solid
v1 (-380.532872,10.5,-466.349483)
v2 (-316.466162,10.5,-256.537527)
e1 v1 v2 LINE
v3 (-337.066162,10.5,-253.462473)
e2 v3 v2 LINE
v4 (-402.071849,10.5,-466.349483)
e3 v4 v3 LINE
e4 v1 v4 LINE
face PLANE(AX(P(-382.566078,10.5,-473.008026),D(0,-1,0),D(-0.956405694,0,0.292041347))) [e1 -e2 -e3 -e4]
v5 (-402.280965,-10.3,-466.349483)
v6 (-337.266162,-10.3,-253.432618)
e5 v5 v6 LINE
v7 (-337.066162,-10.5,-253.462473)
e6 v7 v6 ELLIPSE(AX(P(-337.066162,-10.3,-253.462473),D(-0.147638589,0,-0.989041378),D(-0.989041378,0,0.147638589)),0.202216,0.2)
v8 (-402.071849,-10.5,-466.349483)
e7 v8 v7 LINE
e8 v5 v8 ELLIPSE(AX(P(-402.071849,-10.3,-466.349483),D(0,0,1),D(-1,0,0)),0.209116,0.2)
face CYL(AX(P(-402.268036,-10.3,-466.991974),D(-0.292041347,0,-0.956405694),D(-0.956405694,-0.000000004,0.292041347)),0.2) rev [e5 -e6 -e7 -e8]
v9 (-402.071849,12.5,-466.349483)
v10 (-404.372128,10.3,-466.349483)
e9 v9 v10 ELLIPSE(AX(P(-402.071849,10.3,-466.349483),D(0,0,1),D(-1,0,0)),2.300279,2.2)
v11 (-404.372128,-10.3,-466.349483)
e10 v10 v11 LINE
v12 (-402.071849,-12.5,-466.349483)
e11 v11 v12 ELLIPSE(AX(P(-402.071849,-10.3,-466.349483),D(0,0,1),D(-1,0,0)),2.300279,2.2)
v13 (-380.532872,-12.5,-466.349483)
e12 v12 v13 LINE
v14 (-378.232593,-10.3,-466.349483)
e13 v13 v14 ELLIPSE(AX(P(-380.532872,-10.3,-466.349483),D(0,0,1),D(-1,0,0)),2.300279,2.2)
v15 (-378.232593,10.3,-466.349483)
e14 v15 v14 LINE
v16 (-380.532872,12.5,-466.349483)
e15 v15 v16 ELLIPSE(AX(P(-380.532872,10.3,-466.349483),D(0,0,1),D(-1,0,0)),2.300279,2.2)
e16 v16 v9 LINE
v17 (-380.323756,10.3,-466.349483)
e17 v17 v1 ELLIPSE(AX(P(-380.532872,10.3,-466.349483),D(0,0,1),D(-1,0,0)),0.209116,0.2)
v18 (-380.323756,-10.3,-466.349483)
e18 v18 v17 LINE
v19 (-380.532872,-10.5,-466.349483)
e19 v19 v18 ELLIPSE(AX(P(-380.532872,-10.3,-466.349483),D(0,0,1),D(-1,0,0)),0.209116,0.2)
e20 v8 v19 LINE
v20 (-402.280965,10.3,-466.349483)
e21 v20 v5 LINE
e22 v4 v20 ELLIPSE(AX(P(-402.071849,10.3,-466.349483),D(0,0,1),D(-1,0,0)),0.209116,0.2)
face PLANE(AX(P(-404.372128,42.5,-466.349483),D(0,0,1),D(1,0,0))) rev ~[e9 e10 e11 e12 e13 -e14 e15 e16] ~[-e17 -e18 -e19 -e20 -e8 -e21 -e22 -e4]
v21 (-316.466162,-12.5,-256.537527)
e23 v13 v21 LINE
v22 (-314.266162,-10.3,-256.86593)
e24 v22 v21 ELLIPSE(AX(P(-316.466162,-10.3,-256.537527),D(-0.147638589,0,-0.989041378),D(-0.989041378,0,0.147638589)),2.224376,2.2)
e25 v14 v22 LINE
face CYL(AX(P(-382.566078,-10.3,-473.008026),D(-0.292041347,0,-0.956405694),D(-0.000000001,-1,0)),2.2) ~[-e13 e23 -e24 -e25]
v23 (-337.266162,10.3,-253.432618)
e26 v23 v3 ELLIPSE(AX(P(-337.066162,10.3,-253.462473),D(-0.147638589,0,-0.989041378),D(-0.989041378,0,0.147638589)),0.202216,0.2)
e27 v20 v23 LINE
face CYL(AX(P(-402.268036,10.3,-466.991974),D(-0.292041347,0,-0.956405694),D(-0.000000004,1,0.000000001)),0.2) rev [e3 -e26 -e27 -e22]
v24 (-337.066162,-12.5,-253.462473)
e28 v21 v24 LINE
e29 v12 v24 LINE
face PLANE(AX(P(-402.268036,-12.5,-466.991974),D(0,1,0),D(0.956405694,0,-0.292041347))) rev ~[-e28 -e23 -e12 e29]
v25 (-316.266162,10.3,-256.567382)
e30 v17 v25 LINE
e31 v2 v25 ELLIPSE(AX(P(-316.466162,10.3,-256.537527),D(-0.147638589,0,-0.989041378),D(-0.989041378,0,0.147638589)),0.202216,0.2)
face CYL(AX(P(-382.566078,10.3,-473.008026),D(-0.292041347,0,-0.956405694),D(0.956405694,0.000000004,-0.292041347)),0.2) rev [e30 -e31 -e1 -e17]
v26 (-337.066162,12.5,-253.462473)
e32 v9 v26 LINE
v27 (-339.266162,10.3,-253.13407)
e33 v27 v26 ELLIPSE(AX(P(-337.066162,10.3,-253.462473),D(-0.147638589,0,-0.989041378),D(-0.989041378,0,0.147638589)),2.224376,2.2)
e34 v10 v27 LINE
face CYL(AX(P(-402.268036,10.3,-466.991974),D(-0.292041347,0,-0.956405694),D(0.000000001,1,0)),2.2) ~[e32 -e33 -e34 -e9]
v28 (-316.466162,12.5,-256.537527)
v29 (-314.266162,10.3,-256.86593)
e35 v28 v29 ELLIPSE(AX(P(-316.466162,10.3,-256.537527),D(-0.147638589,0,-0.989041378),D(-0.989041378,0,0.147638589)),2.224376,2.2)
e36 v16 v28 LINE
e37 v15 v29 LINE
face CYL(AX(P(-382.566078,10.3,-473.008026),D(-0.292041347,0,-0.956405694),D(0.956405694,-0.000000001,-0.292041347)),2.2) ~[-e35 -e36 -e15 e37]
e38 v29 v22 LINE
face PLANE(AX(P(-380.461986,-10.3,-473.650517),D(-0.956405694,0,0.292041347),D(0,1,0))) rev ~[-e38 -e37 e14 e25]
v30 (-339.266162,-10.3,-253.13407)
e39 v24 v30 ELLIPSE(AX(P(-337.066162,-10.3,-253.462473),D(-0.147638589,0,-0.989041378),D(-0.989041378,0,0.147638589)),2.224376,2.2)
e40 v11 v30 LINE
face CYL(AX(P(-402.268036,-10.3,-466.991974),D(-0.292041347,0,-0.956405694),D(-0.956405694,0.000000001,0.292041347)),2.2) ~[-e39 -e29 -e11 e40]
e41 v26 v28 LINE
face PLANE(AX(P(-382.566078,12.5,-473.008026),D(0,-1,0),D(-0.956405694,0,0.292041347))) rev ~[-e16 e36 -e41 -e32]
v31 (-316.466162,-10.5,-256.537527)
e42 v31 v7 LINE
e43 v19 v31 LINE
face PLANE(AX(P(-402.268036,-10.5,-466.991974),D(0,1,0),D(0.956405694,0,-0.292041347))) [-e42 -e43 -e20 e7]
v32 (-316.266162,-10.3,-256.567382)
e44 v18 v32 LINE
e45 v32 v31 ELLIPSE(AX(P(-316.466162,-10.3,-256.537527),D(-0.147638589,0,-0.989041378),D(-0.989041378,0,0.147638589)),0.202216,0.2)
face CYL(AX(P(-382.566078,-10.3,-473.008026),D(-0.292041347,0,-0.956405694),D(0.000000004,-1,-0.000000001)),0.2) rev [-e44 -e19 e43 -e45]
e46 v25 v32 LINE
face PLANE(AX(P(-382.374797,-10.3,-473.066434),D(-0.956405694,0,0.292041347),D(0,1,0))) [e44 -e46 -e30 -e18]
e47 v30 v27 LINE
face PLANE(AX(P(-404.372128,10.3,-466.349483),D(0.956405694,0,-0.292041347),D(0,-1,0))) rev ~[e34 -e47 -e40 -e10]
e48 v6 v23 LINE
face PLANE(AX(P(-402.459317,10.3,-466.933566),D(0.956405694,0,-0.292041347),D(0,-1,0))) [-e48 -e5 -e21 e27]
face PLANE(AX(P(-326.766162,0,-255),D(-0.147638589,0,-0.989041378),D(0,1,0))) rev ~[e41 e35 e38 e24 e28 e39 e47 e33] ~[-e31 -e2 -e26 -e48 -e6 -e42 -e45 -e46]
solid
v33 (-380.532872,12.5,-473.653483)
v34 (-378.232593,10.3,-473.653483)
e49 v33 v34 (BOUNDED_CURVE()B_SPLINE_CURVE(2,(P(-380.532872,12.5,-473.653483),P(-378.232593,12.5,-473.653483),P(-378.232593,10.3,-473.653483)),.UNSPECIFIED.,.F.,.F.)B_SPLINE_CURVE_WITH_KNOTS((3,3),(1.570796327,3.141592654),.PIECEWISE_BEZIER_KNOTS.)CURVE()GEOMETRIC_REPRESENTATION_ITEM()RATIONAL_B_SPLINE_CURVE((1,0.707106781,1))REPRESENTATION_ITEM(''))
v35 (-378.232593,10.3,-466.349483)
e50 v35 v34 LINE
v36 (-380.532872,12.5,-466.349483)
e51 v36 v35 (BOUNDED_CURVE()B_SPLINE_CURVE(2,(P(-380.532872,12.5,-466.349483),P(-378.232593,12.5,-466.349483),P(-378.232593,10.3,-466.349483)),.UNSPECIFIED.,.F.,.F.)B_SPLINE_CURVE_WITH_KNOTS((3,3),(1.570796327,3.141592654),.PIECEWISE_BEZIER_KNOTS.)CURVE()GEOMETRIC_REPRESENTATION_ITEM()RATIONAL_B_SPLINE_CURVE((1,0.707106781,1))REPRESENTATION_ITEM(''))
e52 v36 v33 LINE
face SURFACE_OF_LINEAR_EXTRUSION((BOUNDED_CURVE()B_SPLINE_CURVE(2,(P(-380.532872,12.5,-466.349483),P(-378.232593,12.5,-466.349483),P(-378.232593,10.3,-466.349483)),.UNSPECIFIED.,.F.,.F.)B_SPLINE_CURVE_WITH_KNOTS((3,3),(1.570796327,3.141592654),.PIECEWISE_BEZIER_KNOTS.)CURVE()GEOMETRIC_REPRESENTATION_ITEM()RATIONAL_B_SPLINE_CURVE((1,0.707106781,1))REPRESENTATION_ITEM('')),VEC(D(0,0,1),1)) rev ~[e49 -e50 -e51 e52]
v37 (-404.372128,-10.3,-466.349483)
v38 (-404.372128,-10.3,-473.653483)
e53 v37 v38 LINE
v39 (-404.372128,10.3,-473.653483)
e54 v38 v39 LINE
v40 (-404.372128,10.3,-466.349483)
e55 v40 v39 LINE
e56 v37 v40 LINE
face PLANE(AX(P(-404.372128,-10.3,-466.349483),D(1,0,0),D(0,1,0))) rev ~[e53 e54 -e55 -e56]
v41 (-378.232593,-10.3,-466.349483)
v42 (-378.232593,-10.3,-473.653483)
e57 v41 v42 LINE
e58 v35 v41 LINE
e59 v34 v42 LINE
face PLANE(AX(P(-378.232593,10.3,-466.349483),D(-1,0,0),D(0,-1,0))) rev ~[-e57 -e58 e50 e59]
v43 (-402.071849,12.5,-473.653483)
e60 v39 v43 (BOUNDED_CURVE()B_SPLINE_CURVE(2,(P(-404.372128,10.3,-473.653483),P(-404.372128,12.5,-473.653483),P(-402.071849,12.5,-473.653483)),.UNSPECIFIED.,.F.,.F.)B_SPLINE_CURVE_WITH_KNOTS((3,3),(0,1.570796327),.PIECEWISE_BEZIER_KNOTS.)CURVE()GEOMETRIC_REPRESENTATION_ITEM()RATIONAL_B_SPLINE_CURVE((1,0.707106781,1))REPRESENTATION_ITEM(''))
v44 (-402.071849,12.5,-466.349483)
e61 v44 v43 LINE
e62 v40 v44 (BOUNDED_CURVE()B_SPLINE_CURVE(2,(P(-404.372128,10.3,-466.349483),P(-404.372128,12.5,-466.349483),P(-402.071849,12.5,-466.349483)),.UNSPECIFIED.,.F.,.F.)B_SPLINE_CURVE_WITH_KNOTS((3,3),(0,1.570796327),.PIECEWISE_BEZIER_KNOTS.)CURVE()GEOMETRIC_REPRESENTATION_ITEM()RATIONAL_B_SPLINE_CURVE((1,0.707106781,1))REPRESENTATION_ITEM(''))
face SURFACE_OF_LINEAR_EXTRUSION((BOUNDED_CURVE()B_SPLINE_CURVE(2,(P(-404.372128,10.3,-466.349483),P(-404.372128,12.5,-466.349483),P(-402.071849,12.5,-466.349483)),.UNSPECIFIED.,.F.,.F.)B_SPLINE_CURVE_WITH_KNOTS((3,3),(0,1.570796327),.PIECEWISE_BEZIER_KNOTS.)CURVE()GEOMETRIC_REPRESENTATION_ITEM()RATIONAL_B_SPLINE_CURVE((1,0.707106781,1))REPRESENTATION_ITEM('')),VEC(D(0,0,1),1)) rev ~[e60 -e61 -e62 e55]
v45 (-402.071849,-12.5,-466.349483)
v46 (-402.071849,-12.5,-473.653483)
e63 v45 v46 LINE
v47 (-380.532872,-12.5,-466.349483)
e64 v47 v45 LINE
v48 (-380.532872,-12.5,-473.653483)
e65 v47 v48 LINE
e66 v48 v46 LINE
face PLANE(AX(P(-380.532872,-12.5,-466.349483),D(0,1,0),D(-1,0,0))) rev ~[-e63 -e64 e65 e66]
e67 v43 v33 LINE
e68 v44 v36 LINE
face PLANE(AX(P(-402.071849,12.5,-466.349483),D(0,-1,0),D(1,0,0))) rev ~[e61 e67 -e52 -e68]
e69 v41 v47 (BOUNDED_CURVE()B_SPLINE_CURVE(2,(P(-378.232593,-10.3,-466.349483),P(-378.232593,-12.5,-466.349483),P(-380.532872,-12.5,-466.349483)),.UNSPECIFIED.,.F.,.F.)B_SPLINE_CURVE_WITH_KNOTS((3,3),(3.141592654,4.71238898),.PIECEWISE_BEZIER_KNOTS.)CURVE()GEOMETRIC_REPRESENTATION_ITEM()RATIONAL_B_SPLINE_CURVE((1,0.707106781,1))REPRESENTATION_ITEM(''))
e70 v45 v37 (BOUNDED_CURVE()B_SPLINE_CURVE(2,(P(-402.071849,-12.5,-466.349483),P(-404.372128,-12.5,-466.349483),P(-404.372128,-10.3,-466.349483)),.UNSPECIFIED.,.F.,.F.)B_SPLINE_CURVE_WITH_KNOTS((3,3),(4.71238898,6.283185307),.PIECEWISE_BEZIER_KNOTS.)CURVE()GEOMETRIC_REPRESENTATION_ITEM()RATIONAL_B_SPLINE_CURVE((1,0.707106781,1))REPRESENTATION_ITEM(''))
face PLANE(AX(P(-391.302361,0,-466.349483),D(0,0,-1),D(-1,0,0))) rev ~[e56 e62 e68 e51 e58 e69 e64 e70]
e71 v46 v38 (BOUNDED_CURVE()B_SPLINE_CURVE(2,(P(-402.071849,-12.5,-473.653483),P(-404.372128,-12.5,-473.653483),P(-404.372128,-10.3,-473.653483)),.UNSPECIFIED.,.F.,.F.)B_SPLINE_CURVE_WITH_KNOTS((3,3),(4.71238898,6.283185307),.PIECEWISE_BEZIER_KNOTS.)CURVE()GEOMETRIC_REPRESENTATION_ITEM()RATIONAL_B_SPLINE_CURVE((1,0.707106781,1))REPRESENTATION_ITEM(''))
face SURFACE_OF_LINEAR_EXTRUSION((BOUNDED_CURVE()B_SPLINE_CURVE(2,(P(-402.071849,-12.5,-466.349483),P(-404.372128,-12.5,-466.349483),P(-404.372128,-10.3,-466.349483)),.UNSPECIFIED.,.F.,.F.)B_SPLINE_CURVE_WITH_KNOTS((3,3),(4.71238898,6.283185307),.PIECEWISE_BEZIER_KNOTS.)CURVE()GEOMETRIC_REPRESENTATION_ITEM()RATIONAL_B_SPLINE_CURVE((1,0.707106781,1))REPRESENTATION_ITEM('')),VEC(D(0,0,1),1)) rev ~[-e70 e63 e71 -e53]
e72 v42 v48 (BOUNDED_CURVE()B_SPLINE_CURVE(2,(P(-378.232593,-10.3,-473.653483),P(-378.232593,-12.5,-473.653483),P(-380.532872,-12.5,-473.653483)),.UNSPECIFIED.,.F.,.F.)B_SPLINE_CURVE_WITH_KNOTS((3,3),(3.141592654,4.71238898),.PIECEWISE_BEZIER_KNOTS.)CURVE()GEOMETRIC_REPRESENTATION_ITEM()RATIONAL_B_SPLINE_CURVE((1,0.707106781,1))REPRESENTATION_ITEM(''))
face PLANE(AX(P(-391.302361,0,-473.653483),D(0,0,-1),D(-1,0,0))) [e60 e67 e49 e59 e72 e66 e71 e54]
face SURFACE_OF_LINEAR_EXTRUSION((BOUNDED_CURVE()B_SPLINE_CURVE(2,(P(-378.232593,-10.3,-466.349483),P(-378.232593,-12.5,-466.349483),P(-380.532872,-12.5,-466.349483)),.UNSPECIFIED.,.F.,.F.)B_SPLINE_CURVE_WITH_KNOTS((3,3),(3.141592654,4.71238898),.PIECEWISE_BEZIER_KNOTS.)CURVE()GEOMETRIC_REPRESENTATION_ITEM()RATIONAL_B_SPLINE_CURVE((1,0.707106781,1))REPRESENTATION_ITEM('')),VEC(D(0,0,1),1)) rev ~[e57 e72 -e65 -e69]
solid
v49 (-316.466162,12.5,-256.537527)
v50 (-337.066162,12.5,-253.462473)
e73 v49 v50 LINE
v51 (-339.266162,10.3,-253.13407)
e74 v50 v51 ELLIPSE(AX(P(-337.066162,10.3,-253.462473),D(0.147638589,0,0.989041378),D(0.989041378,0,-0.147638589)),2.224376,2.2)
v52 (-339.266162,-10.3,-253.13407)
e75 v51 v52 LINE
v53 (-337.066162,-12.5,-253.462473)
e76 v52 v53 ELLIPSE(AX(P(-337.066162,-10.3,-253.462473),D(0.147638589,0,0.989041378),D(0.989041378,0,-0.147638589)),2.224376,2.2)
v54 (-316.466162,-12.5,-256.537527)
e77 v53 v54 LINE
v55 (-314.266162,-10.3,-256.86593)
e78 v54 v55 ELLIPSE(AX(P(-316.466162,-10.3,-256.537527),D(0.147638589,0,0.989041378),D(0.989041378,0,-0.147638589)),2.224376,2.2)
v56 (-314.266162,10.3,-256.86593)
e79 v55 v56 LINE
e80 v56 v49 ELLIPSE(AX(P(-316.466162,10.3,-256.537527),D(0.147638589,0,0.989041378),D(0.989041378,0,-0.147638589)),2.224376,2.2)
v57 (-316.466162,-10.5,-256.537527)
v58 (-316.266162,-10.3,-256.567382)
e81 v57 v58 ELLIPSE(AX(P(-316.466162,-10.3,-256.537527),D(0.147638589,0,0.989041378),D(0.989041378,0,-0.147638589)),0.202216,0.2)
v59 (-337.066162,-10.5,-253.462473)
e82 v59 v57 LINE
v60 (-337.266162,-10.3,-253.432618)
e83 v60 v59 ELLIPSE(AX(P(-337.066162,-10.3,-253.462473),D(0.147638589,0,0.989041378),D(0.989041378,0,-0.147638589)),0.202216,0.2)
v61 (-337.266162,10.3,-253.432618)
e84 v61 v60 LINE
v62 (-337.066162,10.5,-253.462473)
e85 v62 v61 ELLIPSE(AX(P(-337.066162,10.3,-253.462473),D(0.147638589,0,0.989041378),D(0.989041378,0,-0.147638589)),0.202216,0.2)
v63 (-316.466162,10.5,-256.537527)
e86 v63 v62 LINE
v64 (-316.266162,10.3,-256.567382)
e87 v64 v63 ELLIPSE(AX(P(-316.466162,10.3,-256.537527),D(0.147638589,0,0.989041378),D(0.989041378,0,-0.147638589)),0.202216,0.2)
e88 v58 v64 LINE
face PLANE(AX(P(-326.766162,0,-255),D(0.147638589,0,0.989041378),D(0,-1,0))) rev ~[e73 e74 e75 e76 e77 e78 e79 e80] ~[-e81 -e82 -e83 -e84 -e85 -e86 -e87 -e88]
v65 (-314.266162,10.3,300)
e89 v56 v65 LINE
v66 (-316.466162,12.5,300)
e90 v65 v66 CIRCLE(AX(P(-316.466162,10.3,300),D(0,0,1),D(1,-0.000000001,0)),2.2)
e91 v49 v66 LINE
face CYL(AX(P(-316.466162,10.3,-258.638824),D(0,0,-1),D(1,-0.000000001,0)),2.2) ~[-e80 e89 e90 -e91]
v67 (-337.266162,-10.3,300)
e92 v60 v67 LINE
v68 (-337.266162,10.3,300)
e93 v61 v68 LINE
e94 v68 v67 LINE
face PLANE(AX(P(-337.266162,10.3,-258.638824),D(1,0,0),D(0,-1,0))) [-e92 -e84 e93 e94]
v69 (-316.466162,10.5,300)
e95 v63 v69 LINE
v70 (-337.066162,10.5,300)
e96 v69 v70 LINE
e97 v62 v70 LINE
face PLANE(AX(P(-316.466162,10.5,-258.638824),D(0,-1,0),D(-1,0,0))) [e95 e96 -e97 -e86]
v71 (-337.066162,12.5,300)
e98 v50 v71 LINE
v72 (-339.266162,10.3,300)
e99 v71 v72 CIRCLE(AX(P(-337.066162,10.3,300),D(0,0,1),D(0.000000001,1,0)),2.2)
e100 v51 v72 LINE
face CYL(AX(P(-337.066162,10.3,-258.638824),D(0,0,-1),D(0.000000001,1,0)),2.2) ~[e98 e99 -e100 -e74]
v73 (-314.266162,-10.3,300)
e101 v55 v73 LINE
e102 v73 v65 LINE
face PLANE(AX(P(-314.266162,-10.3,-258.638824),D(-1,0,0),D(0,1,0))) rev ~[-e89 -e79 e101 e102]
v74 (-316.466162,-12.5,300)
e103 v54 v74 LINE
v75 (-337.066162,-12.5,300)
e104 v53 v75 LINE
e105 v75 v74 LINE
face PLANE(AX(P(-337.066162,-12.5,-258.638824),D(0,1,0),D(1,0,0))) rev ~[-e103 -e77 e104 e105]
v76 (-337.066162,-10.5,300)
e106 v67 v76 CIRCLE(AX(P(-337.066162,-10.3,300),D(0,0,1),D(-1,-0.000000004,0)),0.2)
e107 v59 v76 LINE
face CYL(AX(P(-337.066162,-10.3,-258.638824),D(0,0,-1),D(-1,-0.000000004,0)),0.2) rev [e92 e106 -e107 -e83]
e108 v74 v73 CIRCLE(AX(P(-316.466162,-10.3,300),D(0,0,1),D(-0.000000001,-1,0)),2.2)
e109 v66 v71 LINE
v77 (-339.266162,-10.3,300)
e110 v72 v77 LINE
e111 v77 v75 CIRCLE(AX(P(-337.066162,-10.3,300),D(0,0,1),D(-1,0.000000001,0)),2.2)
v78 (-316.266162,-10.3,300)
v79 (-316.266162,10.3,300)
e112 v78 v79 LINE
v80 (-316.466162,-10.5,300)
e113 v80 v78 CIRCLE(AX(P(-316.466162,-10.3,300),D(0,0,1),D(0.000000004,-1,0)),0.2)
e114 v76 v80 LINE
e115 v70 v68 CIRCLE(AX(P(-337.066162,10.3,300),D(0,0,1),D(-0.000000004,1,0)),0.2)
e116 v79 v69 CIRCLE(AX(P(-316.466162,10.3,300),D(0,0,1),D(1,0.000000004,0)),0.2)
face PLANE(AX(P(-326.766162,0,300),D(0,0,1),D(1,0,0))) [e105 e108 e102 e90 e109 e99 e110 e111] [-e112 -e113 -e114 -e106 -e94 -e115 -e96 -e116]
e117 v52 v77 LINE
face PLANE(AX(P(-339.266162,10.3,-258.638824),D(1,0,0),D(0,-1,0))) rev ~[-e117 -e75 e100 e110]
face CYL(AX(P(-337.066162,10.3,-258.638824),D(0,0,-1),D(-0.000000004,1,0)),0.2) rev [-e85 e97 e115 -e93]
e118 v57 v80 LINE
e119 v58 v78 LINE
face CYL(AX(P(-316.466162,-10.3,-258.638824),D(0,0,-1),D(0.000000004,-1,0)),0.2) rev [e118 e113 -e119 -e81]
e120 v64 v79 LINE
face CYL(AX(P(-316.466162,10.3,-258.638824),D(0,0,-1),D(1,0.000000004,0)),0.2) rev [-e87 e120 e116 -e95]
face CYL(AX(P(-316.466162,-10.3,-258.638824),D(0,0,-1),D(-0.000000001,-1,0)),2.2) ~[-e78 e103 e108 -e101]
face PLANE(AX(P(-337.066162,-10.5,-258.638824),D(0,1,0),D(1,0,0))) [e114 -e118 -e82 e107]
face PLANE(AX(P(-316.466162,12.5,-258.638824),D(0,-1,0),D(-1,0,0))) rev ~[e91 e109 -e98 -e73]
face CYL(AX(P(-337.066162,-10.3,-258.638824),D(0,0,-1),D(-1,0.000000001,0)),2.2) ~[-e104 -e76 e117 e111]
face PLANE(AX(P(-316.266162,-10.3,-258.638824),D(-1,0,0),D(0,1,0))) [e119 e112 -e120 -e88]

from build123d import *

# Parameters (mm, degrees)
STRUCTURAL_MEMBER1_DEPTH        = 228.438824066
STRUCTURAL_MEMBER1_2_DEPTH      = 555
STRUCTURAL_MEMBER1_2_DEPTH_BACK = 3.638824066
CUT_EXTRUDE1_DEPTH              = 74
BOSS_EXTRUDE1_DEPTH             = 7.304


with BuildPart() as part:
    # Sketch11 on segment 1 (carried to segment 1) → Structural Member1 (new body)
    with BuildSketch(Plane(origin=(-392.417056908, 0, -470), x_dir=(0.956405694, 0, -0.292041347), z_dir=(0.292041347, 0, 0.956405694))):
        with BuildLine():
            Line((-10.3, -12.5), (10.3, -12.5))
            ThreePointArc((10.3, -12.5), (11.855634919, -11.855634919), (12.5, -10.3))
            Line((12.5, -10.3), (12.5, 10.3))
            ThreePointArc((12.5, 10.3), (11.855634919, 11.855634919), (10.3, 12.5))
            Line((10.3, 12.5), (-10.3, 12.5))
            ThreePointArc((-10.3, 12.5), (-11.855634919, 11.855634919), (-12.5, 10.3))
            Line((-12.5, 10.3), (-12.5, -10.3))
            ThreePointArc((-12.5, -10.3), (-11.855634919, -11.855634919), (-10.3, -12.5))
        make_face()
        with BuildLine():
            Line((-10.3, -10.5), (10.3, -10.5))
            ThreePointArc((10.3, -10.5), (10.441421356, -10.441421356), (10.5, -10.3))
            Line((10.5, -10.3), (10.5, 10.3))
            ThreePointArc((10.5, 10.3), (10.441421356, 10.441421356), (10.3, 10.5))
            Line((10.3, 10.5), (-10.3, 10.5))
            ThreePointArc((-10.3, 10.5), (-10.441421356, 10.441421356), (-10.5, 10.3))
            Line((-10.5, 10.3), (-10.5, -10.3))
            ThreePointArc((-10.5, -10.3), (-10.441421356, -10.441421356), (-10.3, -10.5))
        make_face(mode=Mode.SUBTRACT)
    extrude(amount=STRUCTURAL_MEMBER1_DEPTH)

    # Structural Member1 mitre 1
    split(bisect_by=Plane(origin=(-326.766162017, 0, -255), x_dir=(0, 1, 0), z_dir=(-0.147638589, 0, -0.989041378)), keep=Keep.TOP)

    # Sketch13 → Cut-Extrude1 (cut)
    with BuildSketch(Plane(origin=(0, 42.5, 0), x_dir=(-1, 0, 0), z_dir=(0, 1, 0))):
        Polygon((404.372128083, -466.349483158), (378.232593199, -466.349483158), (380.461985734, -473.650516842), align=None)
    extrude(amount=-CUT_EXTRUDE1_DEPTH, mode=Mode.SUBTRACT)


with BuildPart() as body_2:
    # Sketch11 → Structural Member1 2 (new, two sides: drawn at the far end of the back side and taken through both)
    with BuildSketch(Plane(origin=(-326.766162017, 0, -255), x_dir=(1, 0, 0), z_dir=(0, 0, 1)).offset(-STRUCTURAL_MEMBER1_2_DEPTH_BACK)):
        with BuildLine():
            Line((-10.3, -12.5), (10.3, -12.5))
            ThreePointArc((10.3, -12.5), (11.855634919, -11.855634919), (12.5, -10.3))
            Line((12.5, -10.3), (12.5, 10.3))
            ThreePointArc((12.5, 10.3), (11.855634919, 11.855634919), (10.3, 12.5))
            Line((10.3, 12.5), (-10.3, 12.5))
            ThreePointArc((-10.3, 12.5), (-11.855634919, 11.855634919), (-12.5, 10.3))
            Line((-12.5, 10.3), (-12.5, -10.3))
            ThreePointArc((-12.5, -10.3), (-11.855634919, -11.855634919), (-10.3, -12.5))
        make_face()
        with BuildLine():
            Line((-10.3, -10.5), (10.3, -10.5))
            ThreePointArc((10.3, -10.5), (10.441421356, -10.441421356), (10.5, -10.3))
            Line((10.5, -10.3), (10.5, 10.3))
            ThreePointArc((10.5, 10.3), (10.441421356, 10.441421356), (10.3, 10.5))
            Line((10.3, 10.5), (-10.3, 10.5))
            ThreePointArc((-10.3, 10.5), (-10.441421356, 10.441421356), (-10.5, 10.3))
            Line((-10.5, 10.3), (-10.5, -10.3))
            ThreePointArc((-10.5, -10.3), (-10.441421356, -10.441421356), (-10.3, -10.5))
        make_face(mode=Mode.SUBTRACT)
    extrude(amount=STRUCTURAL_MEMBER1_2_DEPTH + STRUCTURAL_MEMBER1_2_DEPTH_BACK)

    # Structural Member1 2 mitre 1
    split(bisect_by=Plane(origin=(-326.766162017, 0, -255), x_dir=(0, -1, 0), z_dir=(0.147638589, 0, 0.989041378)), keep=Keep.TOP)


with BuildPart() as body_3:
    # Sketch14 → Boss-Extrude1 (new body)
    with BuildSketch(Plane(origin=(0, 0, -466.349483158), x_dir=(-1, 0, 0), z_dir=(0, 0, -1))):
        with BuildLine():
            Line((378.232593199, 10.3), (378.232593199, -10.3))
            add(Edge.make_bspline(
                [(378.232593199, -10.3), (378.232593199, -12.5), (380.532872269, -12.5)],
                knots=[3.141592654, 3.141592654, 3.141592654, 4.71238898, 4.71238898, 4.71238898], degree=2, weights=[1, 0.707106781, 1]))
            Line((380.532872269, -12.5), (402.071849013, -12.5))
            add(Edge.make_bspline(
                [(402.071849013, -12.5), (404.372128083, -12.5), (404.372128083, -10.3)],
                knots=[4.71238898, 4.71238898, 4.71238898, 6.283185307, 6.283185307, 6.283185307], degree=2, weights=[1, 0.707106781, 1]))
            Line((404.372128083, -10.3), (404.372128083, 10.3))
            add(Edge.make_bspline(
                [(404.372128083, 10.3), (404.372128083, 12.5), (402.071849013, 12.5)],
                knots=[0, 0, 0, 1.570796327, 1.570796327, 1.570796327], degree=2, weights=[1, 0.707106781, 1]))
            Line((402.071849013, 12.5), (380.532872269, 12.5))
            add(Edge.make_bspline(
                [(380.532872269, 12.5), (378.232593199, 12.5), (378.232593199, 10.3)],
                knots=[1.570796327, 1.570796327, 1.570796327, 3.141592654, 3.141592654, 3.141592654], degree=2, weights=[1, 0.707106781, 1]))
        make_face()
    extrude(amount=BOSS_EXTRUDE1_DEPTH)


solid = Compound([part.part, body_2.part, body_3.part])
